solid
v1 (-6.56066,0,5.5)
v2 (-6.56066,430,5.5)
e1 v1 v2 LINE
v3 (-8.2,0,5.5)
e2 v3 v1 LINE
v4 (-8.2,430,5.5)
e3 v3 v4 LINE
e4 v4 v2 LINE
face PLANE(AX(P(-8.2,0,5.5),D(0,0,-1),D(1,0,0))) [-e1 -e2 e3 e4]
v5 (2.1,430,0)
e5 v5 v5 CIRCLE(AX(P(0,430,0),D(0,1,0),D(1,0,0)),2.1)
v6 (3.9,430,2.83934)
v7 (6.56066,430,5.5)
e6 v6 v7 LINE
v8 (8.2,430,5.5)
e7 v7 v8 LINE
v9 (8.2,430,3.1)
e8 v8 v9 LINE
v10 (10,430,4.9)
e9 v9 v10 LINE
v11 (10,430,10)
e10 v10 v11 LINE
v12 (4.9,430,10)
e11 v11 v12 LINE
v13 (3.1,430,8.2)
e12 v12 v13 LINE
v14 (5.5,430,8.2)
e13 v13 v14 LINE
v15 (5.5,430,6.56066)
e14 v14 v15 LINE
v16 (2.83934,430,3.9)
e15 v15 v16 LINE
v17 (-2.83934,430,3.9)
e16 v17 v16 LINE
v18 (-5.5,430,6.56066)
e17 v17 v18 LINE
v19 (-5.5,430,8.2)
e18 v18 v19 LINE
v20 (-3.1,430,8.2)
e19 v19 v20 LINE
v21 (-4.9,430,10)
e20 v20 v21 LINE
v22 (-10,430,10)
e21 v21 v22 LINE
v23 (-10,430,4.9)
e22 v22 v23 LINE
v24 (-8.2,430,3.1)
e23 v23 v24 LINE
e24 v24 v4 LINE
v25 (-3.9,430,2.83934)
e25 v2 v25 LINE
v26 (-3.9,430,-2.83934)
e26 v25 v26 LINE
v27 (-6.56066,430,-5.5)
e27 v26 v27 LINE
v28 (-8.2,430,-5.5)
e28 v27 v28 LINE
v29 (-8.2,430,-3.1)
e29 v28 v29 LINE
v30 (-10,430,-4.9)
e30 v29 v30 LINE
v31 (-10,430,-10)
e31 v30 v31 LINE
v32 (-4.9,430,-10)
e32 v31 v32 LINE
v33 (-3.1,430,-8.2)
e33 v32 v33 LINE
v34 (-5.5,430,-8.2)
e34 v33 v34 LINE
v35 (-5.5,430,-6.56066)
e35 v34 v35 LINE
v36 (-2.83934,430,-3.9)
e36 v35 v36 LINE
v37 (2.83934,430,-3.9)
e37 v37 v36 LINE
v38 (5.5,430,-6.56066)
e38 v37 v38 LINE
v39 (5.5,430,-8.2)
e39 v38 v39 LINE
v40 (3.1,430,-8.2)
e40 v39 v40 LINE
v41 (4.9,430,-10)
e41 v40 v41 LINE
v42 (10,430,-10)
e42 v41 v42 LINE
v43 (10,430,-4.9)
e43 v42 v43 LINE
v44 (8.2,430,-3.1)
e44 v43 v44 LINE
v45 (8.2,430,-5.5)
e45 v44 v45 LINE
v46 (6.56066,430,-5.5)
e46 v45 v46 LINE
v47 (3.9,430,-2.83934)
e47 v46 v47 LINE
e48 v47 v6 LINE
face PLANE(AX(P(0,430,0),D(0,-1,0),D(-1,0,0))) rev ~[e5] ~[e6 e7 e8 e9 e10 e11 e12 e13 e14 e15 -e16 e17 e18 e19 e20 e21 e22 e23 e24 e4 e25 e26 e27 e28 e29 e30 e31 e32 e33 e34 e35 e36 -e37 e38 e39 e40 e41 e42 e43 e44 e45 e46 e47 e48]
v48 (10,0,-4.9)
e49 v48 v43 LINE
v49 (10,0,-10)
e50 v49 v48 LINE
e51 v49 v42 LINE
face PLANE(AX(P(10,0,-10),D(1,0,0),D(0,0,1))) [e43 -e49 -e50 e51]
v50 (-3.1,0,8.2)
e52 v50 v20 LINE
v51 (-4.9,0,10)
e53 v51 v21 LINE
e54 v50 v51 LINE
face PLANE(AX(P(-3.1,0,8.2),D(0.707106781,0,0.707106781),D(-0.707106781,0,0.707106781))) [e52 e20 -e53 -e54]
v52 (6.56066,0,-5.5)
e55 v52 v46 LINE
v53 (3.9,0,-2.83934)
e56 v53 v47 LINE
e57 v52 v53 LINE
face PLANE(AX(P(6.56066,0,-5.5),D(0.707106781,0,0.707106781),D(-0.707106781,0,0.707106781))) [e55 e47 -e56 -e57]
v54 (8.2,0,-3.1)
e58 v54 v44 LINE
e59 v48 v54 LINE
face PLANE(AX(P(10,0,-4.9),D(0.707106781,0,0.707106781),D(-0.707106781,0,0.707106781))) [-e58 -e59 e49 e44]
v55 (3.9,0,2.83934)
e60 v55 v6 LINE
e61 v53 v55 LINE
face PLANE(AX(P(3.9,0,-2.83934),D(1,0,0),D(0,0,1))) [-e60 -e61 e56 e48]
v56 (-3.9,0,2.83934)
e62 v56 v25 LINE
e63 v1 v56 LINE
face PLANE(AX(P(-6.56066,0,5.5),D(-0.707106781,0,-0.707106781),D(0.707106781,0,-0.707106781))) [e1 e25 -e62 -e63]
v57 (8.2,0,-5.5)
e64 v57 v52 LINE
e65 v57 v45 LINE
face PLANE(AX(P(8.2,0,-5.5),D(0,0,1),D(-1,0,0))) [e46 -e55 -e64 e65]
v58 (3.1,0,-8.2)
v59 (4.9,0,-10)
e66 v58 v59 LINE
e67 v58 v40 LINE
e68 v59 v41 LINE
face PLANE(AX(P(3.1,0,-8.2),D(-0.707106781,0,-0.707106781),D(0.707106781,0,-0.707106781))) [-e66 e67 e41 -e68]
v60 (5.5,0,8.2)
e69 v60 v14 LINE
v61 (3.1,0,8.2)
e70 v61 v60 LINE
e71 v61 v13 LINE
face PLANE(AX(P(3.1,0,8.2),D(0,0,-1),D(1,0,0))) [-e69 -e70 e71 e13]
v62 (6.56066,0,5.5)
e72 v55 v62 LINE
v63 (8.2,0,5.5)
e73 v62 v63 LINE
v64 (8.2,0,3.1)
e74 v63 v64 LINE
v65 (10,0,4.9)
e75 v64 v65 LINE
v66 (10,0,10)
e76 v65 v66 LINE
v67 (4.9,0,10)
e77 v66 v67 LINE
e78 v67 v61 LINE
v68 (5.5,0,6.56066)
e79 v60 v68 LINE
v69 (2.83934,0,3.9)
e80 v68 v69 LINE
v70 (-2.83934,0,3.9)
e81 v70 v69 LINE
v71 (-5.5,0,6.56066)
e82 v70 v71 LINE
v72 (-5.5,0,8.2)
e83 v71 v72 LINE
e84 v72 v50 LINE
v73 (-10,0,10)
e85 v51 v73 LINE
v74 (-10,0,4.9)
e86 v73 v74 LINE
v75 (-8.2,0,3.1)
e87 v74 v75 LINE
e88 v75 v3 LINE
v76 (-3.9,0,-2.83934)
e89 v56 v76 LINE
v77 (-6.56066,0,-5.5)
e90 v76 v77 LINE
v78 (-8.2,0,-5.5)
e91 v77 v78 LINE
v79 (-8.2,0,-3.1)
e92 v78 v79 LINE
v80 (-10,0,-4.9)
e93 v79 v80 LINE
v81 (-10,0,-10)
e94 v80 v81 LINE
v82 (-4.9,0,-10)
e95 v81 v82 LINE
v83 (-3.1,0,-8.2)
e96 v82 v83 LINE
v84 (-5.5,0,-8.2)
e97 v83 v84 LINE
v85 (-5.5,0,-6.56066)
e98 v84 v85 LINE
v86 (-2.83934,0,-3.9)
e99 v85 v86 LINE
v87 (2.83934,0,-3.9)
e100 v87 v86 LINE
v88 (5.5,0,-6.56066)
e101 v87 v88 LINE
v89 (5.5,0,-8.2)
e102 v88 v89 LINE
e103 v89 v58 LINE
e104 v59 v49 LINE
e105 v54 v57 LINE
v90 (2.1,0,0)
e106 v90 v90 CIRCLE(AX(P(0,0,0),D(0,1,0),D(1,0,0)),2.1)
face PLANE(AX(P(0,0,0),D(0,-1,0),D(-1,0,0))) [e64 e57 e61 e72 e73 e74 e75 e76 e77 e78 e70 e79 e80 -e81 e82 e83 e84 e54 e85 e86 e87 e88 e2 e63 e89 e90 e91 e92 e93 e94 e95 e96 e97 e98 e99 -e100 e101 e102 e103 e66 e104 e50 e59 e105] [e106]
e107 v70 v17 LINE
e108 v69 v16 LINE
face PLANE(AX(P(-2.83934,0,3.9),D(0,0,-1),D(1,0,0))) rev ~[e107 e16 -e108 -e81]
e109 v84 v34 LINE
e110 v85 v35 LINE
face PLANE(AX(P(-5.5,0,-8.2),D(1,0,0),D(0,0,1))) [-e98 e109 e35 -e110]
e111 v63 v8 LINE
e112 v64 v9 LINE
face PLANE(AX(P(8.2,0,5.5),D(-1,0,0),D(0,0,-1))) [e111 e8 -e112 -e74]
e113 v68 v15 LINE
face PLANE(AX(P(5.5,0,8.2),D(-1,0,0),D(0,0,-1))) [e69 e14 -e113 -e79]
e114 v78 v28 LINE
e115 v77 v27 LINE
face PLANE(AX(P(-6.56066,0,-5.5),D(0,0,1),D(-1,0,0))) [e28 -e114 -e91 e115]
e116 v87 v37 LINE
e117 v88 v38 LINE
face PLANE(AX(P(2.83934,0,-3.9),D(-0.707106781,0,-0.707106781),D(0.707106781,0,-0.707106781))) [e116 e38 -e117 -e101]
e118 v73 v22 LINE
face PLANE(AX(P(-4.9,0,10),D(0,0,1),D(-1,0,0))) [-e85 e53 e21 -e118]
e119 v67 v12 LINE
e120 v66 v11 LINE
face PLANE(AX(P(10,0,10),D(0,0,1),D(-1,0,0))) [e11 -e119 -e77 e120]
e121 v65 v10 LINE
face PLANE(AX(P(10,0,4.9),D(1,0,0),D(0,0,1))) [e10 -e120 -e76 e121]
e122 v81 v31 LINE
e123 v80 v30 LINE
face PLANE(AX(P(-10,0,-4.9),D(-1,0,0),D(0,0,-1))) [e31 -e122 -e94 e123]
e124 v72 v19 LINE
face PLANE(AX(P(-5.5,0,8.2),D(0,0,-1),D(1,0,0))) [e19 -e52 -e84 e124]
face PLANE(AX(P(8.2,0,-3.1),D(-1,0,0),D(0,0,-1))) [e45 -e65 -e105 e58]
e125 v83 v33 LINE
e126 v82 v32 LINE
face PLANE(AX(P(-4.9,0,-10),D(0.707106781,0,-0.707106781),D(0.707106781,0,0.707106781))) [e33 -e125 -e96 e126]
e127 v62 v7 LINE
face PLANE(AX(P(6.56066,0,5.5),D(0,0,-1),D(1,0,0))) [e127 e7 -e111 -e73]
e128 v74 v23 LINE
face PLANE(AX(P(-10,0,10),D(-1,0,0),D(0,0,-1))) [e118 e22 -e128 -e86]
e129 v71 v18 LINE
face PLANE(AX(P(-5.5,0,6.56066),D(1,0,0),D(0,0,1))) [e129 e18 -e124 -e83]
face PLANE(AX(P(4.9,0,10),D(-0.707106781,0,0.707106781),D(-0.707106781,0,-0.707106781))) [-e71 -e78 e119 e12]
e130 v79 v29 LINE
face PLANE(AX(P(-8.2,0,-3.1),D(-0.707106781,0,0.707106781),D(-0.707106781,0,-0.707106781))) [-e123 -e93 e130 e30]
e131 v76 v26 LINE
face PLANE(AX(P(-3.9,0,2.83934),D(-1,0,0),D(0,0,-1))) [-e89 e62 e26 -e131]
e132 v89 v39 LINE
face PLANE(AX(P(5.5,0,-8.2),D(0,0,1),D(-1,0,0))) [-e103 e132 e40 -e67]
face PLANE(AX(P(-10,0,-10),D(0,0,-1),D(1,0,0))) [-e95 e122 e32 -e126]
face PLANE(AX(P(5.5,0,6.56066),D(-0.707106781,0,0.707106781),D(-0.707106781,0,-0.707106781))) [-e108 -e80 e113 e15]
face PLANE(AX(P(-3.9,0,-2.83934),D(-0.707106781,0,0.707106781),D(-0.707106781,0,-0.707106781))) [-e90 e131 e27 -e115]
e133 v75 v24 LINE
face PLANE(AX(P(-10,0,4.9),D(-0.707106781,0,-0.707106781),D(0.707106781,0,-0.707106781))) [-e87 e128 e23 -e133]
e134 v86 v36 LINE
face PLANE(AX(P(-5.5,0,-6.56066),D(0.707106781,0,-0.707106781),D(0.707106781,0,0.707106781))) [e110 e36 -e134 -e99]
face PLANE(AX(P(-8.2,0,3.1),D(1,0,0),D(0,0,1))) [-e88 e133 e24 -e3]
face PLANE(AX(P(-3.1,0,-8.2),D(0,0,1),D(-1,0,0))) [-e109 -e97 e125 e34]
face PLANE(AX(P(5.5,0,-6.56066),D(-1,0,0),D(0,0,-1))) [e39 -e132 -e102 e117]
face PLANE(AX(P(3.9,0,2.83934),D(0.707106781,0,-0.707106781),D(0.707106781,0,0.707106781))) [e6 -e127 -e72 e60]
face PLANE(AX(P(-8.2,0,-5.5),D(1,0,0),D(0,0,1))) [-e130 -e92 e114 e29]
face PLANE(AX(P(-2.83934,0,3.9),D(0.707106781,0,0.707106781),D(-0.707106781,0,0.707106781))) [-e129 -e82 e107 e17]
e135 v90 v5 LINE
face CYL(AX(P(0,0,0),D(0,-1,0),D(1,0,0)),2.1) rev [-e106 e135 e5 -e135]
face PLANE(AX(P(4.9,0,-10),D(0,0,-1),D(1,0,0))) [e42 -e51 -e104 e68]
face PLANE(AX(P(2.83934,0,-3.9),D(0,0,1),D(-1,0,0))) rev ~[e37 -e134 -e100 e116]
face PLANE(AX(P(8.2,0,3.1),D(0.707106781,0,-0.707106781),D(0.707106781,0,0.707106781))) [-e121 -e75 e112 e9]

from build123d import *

# Parameters (mm, degrees)
SKETCH_1_R      = 2.1
EXTRUDE_1_DEPTH = 430


with BuildPart() as part:
    # 草图1 → 凸台-拉伸1 (new body)
    with BuildSketch(Plane(origin=(0, 0, 0), x_dir=(1, 0, 0), z_dir=(0, 1, 0))):
        Polygon((-10, 10), (-4.9, 10), (-3.1, 8.2), (-5.5, 8.2), (-5.5, 6.560660172), (-2.839339828, 3.9), (0, 3.9), (2.839339828, 3.9), (5.5, 6.560660172), (5.5, 8.2), (3.1, 8.2), (4.9, 10), (10, 10), (10, 4.9), (8.2, 3.1), (8.2, 5.5), (6.560660172, 5.5), (3.9, 2.839339828), (3.9, -2.839339828), (6.560660172, -5.5), (8.2, -5.5), (8.2, -3.1), (10, -4.9), (10, -10), (4.9, -10), (3.1, -8.2), (5.5, -8.2), (5.5, -6.560660172), (2.839339828, -3.9), (0, -3.9), (-2.839339828, -3.9), (-5.5, -6.560660172), (-5.5, -8.2), (-3.1, -8.2), (-4.9, -10), (-10, -10), (-10, -4.9), (-8.2, -3.1), (-8.2, -5.5), (-6.560660172, -5.5), (-3.9, -2.839339828), (-3.9, 2.839339828), (-6.560660172, 5.5), (-8.2, 5.5), (-8.2, 3.1), (-10, 4.9), align=None)
        Circle(SKETCH_1_R, mode=Mode.SUBTRACT)
    extrude(amount=EXTRUDE_1_DEPTH)


solid = part.part
